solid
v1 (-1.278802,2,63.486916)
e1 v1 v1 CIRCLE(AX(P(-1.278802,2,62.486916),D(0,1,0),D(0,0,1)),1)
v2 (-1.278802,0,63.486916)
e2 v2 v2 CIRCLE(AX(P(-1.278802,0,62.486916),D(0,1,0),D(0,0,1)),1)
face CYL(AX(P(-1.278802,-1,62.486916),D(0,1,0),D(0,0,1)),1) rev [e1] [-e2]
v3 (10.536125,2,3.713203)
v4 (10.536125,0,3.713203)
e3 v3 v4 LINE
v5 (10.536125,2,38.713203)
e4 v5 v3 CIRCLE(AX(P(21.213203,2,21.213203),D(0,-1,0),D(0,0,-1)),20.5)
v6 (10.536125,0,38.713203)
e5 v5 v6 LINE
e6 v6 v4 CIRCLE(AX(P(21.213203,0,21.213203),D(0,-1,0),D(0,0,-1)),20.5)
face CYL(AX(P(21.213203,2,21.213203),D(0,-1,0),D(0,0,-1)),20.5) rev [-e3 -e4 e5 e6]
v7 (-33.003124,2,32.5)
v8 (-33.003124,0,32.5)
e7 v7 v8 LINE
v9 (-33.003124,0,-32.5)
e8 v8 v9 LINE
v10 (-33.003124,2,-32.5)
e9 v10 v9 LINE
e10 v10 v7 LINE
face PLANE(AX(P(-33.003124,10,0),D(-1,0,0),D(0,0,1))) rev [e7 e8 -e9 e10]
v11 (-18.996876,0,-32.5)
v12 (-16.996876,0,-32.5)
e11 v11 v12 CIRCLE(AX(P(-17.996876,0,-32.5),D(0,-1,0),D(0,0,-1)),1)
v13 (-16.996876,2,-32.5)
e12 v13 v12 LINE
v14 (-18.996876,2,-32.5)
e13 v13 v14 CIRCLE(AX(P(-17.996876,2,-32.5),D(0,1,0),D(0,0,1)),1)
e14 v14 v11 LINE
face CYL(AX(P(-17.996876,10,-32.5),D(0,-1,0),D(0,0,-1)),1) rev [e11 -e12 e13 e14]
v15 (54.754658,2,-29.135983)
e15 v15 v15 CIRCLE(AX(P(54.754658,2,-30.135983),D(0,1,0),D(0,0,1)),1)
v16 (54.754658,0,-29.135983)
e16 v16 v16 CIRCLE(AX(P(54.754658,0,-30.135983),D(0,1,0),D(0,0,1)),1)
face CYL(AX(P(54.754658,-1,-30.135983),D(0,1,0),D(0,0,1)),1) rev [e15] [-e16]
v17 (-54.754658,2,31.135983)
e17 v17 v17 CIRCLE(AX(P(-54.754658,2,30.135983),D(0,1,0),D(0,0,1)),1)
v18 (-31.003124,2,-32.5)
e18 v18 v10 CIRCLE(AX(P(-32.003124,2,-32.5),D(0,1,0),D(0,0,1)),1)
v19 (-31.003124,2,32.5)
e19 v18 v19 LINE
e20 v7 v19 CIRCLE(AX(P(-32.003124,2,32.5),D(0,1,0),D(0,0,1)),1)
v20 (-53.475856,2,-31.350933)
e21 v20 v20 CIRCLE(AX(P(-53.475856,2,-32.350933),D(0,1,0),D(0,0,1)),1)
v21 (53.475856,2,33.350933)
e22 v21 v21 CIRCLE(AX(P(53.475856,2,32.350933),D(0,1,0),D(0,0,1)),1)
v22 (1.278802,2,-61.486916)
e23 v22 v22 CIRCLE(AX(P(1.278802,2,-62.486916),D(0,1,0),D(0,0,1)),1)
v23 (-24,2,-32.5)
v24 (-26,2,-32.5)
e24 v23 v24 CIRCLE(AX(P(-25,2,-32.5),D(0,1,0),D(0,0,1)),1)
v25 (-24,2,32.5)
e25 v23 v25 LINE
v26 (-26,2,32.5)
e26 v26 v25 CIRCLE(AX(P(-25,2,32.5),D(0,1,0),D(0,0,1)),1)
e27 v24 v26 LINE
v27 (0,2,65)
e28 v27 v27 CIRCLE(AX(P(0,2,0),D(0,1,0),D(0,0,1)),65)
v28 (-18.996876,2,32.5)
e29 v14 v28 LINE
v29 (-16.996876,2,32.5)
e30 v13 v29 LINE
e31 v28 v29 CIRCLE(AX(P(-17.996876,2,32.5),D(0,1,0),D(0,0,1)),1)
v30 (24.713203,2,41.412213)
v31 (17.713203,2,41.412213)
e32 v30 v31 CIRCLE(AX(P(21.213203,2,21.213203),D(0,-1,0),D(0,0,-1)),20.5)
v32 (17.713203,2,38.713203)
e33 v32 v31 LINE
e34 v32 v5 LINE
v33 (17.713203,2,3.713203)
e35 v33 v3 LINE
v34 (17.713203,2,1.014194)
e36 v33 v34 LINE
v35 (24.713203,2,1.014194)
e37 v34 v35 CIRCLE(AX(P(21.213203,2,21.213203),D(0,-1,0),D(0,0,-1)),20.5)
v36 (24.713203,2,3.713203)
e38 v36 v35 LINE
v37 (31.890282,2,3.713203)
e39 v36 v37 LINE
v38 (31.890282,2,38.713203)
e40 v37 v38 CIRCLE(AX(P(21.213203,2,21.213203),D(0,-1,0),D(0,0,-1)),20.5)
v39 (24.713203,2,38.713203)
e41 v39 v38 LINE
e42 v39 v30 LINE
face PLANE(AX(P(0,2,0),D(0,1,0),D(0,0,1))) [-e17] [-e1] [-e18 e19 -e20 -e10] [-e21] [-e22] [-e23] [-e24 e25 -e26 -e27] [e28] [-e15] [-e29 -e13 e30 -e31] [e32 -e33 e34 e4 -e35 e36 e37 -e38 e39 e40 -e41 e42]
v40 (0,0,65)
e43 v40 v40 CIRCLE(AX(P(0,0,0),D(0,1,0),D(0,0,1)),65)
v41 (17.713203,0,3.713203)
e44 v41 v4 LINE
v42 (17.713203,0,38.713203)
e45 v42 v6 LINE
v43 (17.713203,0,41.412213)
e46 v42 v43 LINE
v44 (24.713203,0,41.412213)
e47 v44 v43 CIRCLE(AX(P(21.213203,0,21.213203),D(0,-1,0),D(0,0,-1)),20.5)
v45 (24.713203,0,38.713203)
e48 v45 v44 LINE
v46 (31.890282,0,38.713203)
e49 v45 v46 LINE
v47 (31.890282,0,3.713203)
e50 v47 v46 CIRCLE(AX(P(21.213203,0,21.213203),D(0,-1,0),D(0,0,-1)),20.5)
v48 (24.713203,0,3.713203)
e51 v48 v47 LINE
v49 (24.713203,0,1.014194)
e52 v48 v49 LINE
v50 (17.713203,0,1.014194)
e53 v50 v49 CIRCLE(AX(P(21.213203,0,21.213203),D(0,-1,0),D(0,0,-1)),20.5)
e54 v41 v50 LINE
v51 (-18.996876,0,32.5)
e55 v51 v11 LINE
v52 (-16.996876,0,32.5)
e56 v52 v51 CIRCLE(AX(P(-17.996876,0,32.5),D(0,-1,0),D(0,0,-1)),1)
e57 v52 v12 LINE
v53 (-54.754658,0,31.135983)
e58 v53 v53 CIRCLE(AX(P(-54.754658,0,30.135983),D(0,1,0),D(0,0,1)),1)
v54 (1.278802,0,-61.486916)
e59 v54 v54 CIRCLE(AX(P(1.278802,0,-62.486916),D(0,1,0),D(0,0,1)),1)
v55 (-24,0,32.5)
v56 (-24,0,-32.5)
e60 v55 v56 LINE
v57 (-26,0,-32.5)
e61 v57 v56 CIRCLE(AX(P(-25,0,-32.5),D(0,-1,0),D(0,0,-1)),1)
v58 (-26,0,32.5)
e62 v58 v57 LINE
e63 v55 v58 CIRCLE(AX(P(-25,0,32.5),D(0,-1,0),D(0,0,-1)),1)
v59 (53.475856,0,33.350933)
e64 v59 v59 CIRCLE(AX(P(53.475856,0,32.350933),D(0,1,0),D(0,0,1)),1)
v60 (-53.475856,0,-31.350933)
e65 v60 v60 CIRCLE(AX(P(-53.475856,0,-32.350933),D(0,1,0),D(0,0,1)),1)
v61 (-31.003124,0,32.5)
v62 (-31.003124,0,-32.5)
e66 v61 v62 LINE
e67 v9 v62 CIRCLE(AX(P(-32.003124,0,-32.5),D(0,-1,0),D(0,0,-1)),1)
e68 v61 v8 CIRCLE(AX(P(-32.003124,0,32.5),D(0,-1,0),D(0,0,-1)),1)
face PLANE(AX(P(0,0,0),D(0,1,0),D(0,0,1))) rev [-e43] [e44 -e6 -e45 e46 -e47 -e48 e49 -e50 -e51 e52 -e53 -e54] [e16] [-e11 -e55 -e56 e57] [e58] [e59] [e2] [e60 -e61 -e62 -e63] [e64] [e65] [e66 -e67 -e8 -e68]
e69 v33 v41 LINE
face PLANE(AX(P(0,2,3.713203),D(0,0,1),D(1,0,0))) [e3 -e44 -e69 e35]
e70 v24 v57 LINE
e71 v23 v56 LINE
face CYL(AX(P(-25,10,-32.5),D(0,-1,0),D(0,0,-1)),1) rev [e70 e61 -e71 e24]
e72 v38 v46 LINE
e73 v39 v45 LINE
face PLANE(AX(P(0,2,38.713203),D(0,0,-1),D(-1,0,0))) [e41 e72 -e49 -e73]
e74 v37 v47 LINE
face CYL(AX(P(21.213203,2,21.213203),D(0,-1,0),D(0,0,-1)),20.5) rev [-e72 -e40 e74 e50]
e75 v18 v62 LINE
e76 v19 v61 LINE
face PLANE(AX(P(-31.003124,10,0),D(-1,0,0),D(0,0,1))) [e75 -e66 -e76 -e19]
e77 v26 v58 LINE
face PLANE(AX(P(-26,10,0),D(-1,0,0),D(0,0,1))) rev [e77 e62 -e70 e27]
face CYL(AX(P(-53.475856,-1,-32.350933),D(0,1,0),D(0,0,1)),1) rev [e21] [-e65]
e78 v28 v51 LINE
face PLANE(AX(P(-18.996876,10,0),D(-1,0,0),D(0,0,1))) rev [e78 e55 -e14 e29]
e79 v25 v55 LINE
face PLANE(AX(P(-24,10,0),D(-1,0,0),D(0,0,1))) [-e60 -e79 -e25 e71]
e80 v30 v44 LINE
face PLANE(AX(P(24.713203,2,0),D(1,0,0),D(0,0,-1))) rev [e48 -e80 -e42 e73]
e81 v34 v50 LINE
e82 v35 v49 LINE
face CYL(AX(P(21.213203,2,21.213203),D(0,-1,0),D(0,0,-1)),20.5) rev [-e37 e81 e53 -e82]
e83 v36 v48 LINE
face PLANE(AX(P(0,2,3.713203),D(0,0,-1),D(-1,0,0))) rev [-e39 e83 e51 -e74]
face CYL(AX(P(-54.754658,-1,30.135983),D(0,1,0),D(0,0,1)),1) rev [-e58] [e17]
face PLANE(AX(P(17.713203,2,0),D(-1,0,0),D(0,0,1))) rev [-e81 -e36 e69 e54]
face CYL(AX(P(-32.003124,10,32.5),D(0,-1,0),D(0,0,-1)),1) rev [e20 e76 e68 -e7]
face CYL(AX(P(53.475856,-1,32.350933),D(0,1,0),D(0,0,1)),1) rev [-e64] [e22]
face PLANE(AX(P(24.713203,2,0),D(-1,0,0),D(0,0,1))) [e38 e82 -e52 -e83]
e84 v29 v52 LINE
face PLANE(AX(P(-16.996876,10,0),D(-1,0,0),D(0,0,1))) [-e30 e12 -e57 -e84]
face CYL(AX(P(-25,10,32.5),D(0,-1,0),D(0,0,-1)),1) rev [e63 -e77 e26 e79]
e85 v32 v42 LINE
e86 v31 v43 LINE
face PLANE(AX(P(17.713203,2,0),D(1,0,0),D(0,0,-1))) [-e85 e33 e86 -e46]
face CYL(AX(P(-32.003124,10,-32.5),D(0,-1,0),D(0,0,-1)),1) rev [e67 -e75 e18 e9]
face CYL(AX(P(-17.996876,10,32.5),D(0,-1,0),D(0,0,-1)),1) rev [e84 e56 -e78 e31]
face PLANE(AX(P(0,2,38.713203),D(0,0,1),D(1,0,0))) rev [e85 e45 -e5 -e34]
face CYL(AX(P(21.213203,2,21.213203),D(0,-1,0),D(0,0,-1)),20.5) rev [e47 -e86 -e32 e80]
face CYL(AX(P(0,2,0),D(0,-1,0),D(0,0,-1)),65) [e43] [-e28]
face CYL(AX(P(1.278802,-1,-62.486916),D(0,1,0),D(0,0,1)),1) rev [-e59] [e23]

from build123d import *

# Parameters (mm, degrees)
ESQUISSE1_R              = 65
BOSS_EXTRU_1_DEPTH       = 2
ESQUISSE2_R              = 1
ENL_V_MAT_EXTRU_1_DEPTH  = 3
ESQUISSE3_R              = 7.5
ENL_V_MAT_EXTRU_2_DEPTH  = 3
ESQUISSE4_R              = 2
ENL_V_MAT_EXTRU_4_DEPTH  = 4
ESQUISSE5_R              = 7.5
BOSS_EXTRU_3_DEPTH       = 4
ESQUISSE6_R              = 2
BOSS_EXTRU_5_DEPTH       = 2
ENL_V_START              = -2
ESQUISSE11_R             = 7.5
ENL_V_MAT_EXTRU_7_DEPTH  = 2
ENL_V_MAT_EXTRU_10_DEPTH = 92.945636112
ENL_V_MAT_EXTRU_11_DEPTH = 10


with BuildPart() as part:
    # Esquisse1 → Boss.-Extru.1 (new body)
    with BuildSketch(Plane(origin=(0, 0, 0), x_dir=(1, 0, 0), z_dir=(0, 1, 0))):
        with Locations(Location((0, 0, 0), (0, 0, 270))):
            Circle(ESQUISSE1_R)
    extrude(amount=BOSS_EXTRU_1_DEPTH)

    # Esquisse2 → Enlèv. mat.-Extru.1 (cut)
    with BuildSketch(Plane(origin=(0, 2, 0), x_dir=(1, 0, 0), z_dir=(0, 1, 0))):
        with Locations(Location((-53.47585562, 32.350932996, 0), (0, 0, 270))):
            Circle(ESQUISSE2_R)
        with Locations(Location((-54.754657621, -30.135982958, 0), (0, 0, 270))):
            Circle(ESQUISSE2_R)
        with Locations(Location((-1.278802001, -62.486915954, 0), (0, 0, 270))):
            Circle(ESQUISSE2_R)
        with Locations(Location((53.47585562, -32.350932996, 0), (0, 0, 270))):
            Circle(ESQUISSE2_R)
        with Locations(Location((54.754657621, 30.135982958, 0), (0, 0, 270))):
            Circle(ESQUISSE2_R)
        with Locations(Location((1.278802001, 62.486915954, 0), (0, 0, 270))):
            Circle(ESQUISSE2_R)
    extrude(amount=-ENL_V_MAT_EXTRU_1_DEPTH, mode=Mode.SUBTRACT)

    # Esquisse3 → Enlèv. mat.-Extru.2 (cut)
    with BuildSketch(Plane(origin=(0, 2, 0), x_dir=(1, 0, 0), z_dir=(0, 1, 0))):
        with Locations(Location((0, 0, 0), (0, 0, 270))):
            Circle(ESQUISSE3_R)
    extrude(amount=-ENL_V_MAT_EXTRU_2_DEPTH, mode=Mode.SUBTRACT)

    # Esquisse4 → Enlèv. mat.-Extru.4 (cut)
    with BuildSketch(Plane(origin=(0, 2, 0), x_dir=(1, 0, 0), z_dir=(0, 1, 0))):
        with Locations(Location((0, 33.5, 0), (0, 0, 270))):
            Circle(ESQUISSE4_R)
        with Locations(Location((29.011851027, 16.75, 0), (0, 0, 270))):
            Circle(ESQUISSE4_R)
        with Locations(Location((29.011851027, -16.75, 0), (0, 0, 270))):
            Circle(ESQUISSE4_R)
        with Locations(Location((0, -33.5, 0), (0, 0, 270))):
            Circle(ESQUISSE4_R)
        with Locations(Location((-29.011851027, -16.75, 0), (0, 0, 270))):
            Circle(ESQUISSE4_R)
        with Locations(Location((-29.011851027, 16.75, 0), (0, 0, 270))):
            Circle(ESQUISSE4_R)
    extrude(amount=-ENL_V_MAT_EXTRU_4_DEPTH, mode=Mode.SUBTRACT)

    # Esquisse5 → Boss.-Extru.3 (add)
    with BuildSketch(Plane(origin=(0, 2, 0), x_dir=(1, 0, 0), z_dir=(0, 1, 0))):
        with Locations(Location((0, 0, 0), (0, 0, 270))):
            Circle(ESQUISSE5_R)
    extrude(amount=-BOSS_EXTRU_3_DEPTH)

    # Esquisse6 → Boss.-Extru.5 (add)
    with BuildSketch(Plane(origin=(0, 2, 0), x_dir=(1, 0, 0), z_dir=(0, 1, 0))):
        with Locations((-29.011851027, 16.75)):
            Circle(ESQUISSE6_R)
        with Locations((29.011851027, 16.75)):
            Circle(ESQUISSE6_R)
        with Locations((29.011851027, -16.75)):
            Circle(ESQUISSE6_R)
        with Locations((0, -33.5)):
            Circle(ESQUISSE6_R)
        with Locations((-29.011851027, -16.75)):
            Circle(ESQUISSE6_R)
        with Locations((0, 33.5)):
            Circle(ESQUISSE6_R)
    extrude(amount=-BOSS_EXTRU_5_DEPTH)

    # Esquisse11 → Enlèv. mat.-Extru.7 (cut)
    with BuildSketch(Plane(origin=(0, -2, 0), x_dir=(-1, 0, 0), z_dir=(0, -1, 0)).offset(ENL_V_START)):
        Circle(ESQUISSE11_R)
    extrude(amount=ENL_V_MAT_EXTRU_7_DEPTH, mode=Mode.SUBTRACT)

    # Esquisse13 → Enlèv. mat.-Extru.10 (cut, through all)
    with BuildSketch(Plane(origin=(0, 0, 0), x_dir=(-1, 0, 0), z_dir=(0, -1, 0))):
        with BuildLine():
            Line((-17.713203436, -3.713203436), (-21.213203436, -3.713203436))
            Line((-21.213203436, -3.713203436), (-21.213203436, -38.713203436))
            Line((-21.213203436, -38.713203436), (-17.713203436, -38.713203436))
            Line((-17.713203436, -38.713203436), (-10.536125184, -38.713203436))
            ThreePointArc((-10.536125184, -38.713203436), (-3.336820913, -31.247392387), (-0.713203436, -21.213203436))
            ThreePointArc((-0.713203436, -21.213203436), (-3.336820913, -11.179014484), (-10.536125184, -3.713203436))
            Line((-10.536125184, -3.713203436), (-17.713203436, -3.713203436))
        make_face()
        with BuildLine():
            Line((-21.213203436, -38.713203436), (-21.213203436, -3.713203436))
            Line((-21.213203436, -3.713203436), (-24.713203436, -3.713203436))
            Line((-24.713203436, -3.713203436), (-31.890281688, -3.713203436))
            ThreePointArc((-31.890281688, -3.713203436), (-41.713203436, -21.213203436), (-31.890281688, -38.713203436))
            Line((-31.890281688, -38.713203436), (-24.713203436, -38.713203436))
            Line((-24.713203436, -38.713203436), (-21.213203436, -38.713203436))
        make_face()
        with BuildLine():
            Line((-21.213203436, -3.713203436), (-21.213203436, -0.713203436))
            ThreePointArc((-21.213203436, -0.713203436), (-22.969662591, -0.788589578), (-24.713203436, -1.014193559))
            Line((-24.713203436, -1.014193559), (-24.713203436, -3.713203436))
            Line((-24.713203436, -3.713203436), (-21.213203436, -3.713203436))
        make_face()
        with BuildLine():
            ThreePointArc((-17.713203436, -1.014193559), (-19.45674428, -0.788589578), (-21.213203436, -0.713203436))
            Line((-21.213203436, -0.713203436), (-21.213203436, -3.713203436))
            Line((-21.213203436, -3.713203436), (-17.713203436, -3.713203436))
            Line((-17.713203436, -3.713203436), (-17.713203436, -1.014193559))
        make_face()
        with BuildLine():
            Line((-17.713203436, -38.713203436), (-21.213203436, -38.713203436))
            Line((-21.213203436, -38.713203436), (-21.213203436, -41.713203436))
            ThreePointArc((-21.213203436, -41.713203436), (-19.45674428, -41.637817293), (-17.713203436, -41.412213312))
            Line((-17.713203436, -41.412213312), (-17.713203436, -38.713203436))
        make_face()
        with BuildLine():
            Line((-21.213203436, -41.713203436), (-21.213203436, -38.713203436))
            Line((-21.213203436, -38.713203436), (-24.713203436, -38.713203436))
            Line((-24.713203436, -38.713203436), (-24.713203436, -41.412213312))
            ThreePointArc((-24.713203436, -41.412213312), (-22.969662591, -41.637817293), (-21.213203436, -41.713203436))
        make_face()
    extrude(amount=-ENL_V_MAT_EXTRU_10_DEPTH, mode=Mode.SUBTRACT)

    # Esquisse14 → Enlèv. mat.-Extru.11 (cut)
    with BuildSketch(Plane(origin=(0, 0, 0), x_dir=(-1, 0, 0), z_dir=(0, -1, 0))):
        with BuildLine():
            Line((24, -32.5), (24, 32.5))
            ThreePointArc((24, 32.5), (25, 33.5), (26, 32.5))
            Line((26, 32.5), (26, -32.5))
            ThreePointArc((26, -32.5), (25, -33.5), (24, -32.5))
        make_face()
        with BuildLine():
            Line((31.003124215, -32.5), (31.003124215, 32.5))
            ThreePointArc((31.003124215, 32.5), (32.003124215, 33.5), (33.003124215, 32.5))
            Line((33.003124215, 32.5), (33.003124215, -32.5))
            ThreePointArc((33.003124215, -32.5), (32.003124215, -33.5), (31.003124215, -32.5))
        make_face()
        with BuildLine():
            Line((16.996875785, -32.5), (16.996875785, 32.5))
            ThreePointArc((16.996875785, 32.5), (17.996875785, 33.5), (18.996875785, 32.5))
            Line((18.996875785, 32.5), (18.996875785, -32.5))
            ThreePointArc((18.996875785, -32.5), (17.996875785, -33.5), (16.996875785, -32.5))
        make_face()
    extrude(amount=-ENL_V_MAT_EXTRU_11_DEPTH, mode=Mode.SUBTRACT)


solid = part.part
